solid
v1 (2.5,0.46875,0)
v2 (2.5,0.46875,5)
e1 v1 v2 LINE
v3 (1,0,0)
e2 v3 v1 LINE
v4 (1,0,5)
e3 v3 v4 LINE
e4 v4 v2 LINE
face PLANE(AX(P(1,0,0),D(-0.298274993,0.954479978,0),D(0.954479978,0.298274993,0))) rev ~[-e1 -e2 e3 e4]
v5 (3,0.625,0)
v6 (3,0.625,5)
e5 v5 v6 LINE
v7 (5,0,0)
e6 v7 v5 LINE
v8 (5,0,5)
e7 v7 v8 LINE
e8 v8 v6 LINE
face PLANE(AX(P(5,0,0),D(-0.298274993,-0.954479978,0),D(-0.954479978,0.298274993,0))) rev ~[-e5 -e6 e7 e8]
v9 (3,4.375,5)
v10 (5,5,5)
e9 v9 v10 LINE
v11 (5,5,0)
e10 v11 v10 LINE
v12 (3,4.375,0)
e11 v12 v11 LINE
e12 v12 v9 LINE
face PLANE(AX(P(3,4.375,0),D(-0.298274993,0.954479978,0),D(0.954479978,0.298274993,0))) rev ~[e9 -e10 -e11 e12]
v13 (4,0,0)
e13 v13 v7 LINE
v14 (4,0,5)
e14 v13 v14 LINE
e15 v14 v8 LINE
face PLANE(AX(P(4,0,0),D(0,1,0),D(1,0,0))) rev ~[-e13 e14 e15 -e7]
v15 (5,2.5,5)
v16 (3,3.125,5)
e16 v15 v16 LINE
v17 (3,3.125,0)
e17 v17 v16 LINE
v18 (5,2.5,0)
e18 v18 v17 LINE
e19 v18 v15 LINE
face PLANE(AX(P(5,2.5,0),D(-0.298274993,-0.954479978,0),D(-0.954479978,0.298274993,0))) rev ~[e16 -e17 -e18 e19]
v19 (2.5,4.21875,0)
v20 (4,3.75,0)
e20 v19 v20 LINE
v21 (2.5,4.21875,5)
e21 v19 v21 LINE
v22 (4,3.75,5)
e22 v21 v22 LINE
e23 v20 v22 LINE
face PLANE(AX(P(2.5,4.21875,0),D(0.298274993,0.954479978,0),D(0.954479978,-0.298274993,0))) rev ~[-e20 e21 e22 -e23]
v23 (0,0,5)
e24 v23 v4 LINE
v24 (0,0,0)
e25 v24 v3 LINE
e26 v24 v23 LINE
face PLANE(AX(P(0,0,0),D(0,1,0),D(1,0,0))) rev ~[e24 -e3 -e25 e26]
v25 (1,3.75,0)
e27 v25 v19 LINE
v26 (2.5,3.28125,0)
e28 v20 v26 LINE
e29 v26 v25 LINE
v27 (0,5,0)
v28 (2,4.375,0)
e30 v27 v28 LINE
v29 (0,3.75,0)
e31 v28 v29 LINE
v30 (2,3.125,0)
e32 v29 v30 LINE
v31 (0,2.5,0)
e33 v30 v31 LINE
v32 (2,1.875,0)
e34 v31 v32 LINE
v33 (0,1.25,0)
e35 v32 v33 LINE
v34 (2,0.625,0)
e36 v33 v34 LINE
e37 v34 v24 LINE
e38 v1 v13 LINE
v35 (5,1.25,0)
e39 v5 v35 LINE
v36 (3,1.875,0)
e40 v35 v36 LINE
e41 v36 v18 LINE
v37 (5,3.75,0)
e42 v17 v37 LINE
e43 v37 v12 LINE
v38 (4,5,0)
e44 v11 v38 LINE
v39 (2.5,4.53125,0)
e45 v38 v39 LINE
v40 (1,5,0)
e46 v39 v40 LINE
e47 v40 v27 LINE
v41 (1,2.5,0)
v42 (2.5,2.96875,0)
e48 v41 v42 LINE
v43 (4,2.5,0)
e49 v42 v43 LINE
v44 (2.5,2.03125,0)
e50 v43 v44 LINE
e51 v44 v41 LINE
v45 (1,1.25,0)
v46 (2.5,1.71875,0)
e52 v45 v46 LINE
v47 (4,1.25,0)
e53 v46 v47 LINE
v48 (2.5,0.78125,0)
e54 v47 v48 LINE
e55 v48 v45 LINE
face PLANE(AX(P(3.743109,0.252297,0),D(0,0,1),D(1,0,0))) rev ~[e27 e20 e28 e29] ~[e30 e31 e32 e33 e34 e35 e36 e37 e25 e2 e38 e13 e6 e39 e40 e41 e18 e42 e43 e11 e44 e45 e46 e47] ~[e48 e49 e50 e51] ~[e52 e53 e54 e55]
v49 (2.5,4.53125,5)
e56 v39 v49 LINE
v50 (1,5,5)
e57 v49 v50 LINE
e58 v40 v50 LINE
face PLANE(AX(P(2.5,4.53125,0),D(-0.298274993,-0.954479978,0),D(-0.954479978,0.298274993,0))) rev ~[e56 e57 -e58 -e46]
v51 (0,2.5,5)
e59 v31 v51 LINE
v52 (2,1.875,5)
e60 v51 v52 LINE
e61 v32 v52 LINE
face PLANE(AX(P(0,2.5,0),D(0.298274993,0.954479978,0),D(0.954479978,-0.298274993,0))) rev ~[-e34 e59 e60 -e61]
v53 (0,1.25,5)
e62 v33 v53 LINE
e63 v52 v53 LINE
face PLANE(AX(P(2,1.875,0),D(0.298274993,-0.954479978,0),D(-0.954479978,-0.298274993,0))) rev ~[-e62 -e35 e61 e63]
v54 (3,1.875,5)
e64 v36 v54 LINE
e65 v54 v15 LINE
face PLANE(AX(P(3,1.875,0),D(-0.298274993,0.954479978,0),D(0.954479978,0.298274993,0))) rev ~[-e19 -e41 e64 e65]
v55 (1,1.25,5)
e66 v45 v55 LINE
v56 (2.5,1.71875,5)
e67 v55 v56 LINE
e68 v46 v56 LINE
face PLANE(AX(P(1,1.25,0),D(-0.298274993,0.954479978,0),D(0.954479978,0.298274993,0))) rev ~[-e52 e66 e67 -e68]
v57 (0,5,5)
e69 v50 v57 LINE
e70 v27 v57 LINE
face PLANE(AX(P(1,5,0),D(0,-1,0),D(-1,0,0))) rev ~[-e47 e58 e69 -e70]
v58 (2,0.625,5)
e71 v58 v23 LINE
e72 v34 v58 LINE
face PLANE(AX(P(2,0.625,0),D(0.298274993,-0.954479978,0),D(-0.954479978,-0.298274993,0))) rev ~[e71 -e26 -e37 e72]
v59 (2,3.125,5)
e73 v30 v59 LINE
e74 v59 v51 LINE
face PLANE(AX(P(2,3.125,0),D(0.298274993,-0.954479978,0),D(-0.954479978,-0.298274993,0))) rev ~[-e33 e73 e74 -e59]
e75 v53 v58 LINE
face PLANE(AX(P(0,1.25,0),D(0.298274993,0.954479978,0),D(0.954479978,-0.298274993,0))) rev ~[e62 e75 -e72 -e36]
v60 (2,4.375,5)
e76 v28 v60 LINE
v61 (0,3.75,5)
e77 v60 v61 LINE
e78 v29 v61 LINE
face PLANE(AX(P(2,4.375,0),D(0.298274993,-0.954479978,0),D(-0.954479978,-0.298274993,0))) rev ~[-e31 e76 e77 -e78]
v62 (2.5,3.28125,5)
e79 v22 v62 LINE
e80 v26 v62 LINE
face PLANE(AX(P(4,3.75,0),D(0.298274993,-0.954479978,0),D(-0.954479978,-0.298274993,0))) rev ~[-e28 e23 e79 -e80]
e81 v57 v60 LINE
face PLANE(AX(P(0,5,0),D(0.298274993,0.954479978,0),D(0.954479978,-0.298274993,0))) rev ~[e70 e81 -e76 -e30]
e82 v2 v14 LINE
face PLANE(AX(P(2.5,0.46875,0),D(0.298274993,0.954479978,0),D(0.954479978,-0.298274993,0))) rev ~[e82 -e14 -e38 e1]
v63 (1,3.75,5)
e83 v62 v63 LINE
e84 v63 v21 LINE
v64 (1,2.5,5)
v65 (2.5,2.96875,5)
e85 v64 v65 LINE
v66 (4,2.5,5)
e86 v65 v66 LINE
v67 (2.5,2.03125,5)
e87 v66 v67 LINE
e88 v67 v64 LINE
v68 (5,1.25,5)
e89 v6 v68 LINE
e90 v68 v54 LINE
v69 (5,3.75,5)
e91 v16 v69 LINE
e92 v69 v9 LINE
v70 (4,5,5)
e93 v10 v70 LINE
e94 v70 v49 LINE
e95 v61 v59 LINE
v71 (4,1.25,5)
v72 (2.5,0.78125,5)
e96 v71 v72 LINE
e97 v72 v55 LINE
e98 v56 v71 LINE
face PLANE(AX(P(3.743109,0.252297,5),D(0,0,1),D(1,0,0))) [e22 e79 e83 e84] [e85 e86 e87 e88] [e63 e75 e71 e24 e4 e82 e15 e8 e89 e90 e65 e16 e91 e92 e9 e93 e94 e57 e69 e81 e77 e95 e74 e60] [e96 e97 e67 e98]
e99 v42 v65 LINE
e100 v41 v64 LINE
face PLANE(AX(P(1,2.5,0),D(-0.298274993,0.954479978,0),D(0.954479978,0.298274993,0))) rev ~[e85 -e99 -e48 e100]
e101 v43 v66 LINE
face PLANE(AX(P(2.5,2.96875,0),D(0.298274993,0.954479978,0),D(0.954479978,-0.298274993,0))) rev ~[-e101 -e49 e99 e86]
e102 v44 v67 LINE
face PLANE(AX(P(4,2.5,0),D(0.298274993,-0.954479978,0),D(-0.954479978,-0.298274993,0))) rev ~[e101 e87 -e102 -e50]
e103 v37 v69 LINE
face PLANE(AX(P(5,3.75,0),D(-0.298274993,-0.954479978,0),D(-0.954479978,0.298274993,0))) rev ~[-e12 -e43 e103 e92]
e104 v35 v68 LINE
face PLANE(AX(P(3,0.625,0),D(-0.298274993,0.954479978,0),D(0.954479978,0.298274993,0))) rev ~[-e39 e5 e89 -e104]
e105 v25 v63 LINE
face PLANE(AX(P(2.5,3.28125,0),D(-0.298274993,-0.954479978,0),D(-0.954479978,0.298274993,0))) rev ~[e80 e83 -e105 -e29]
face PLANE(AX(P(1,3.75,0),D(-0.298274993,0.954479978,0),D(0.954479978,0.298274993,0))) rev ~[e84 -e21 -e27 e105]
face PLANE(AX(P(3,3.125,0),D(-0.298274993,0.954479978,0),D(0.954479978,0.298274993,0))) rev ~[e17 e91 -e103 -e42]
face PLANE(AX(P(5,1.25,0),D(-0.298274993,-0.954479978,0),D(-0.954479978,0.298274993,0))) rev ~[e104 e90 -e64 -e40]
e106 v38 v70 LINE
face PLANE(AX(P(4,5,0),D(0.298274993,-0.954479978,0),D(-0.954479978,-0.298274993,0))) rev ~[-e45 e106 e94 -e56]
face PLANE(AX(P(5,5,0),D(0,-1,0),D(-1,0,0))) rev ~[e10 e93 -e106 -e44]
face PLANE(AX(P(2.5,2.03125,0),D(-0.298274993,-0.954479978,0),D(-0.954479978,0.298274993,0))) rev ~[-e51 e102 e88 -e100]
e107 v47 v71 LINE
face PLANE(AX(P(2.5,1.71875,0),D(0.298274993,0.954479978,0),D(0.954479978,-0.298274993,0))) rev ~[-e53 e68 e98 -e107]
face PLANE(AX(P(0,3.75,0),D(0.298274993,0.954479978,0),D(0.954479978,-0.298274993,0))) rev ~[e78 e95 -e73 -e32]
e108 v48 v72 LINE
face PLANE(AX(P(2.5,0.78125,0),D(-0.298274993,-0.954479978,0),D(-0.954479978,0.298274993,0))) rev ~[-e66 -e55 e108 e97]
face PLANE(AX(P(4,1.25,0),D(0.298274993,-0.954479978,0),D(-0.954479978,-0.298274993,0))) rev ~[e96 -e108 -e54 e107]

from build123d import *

# Parameters (mm, degrees)
BOSS_EXTRUDE2_DEPTH = 5


with BuildPart() as part:
    # Sketch1 → Boss-Extrude2 (new body)
    with BuildSketch(Plane.XY):
        Polygon((2, 0.625), (0, 0), (1, 0), (2.5, 0.46875), (4, 0), (5, 0), (3, 0.625), (5, 1.25), (3, 1.875), (5, 2.5), (3, 3.125), (5, 3.75), (3, 4.375), (5, 5), (4, 5), (2.5, 4.53125), (1, 5), (0, 5), (2, 4.375), (0, 3.75), (2, 3.125), (0, 2.5), (2, 1.875), (0, 1.25), align=None)
        Polygon((1, 1.25), (2.5, 1.71875), (4, 1.25), (2.5, 0.78125), align=None, mode=Mode.SUBTRACT)
        Polygon((2.5, 2.03125), (1, 2.5), (2.5, 2.96875), (4, 2.5), align=None, mode=Mode.SUBTRACT)
        Polygon((1, 3.75), (2.5, 4.21875), (4, 3.75), (2.5, 3.28125), align=None, mode=Mode.SUBTRACT)
    extrude(amount=BOSS_EXTRUDE2_DEPTH)


solid = part.part
